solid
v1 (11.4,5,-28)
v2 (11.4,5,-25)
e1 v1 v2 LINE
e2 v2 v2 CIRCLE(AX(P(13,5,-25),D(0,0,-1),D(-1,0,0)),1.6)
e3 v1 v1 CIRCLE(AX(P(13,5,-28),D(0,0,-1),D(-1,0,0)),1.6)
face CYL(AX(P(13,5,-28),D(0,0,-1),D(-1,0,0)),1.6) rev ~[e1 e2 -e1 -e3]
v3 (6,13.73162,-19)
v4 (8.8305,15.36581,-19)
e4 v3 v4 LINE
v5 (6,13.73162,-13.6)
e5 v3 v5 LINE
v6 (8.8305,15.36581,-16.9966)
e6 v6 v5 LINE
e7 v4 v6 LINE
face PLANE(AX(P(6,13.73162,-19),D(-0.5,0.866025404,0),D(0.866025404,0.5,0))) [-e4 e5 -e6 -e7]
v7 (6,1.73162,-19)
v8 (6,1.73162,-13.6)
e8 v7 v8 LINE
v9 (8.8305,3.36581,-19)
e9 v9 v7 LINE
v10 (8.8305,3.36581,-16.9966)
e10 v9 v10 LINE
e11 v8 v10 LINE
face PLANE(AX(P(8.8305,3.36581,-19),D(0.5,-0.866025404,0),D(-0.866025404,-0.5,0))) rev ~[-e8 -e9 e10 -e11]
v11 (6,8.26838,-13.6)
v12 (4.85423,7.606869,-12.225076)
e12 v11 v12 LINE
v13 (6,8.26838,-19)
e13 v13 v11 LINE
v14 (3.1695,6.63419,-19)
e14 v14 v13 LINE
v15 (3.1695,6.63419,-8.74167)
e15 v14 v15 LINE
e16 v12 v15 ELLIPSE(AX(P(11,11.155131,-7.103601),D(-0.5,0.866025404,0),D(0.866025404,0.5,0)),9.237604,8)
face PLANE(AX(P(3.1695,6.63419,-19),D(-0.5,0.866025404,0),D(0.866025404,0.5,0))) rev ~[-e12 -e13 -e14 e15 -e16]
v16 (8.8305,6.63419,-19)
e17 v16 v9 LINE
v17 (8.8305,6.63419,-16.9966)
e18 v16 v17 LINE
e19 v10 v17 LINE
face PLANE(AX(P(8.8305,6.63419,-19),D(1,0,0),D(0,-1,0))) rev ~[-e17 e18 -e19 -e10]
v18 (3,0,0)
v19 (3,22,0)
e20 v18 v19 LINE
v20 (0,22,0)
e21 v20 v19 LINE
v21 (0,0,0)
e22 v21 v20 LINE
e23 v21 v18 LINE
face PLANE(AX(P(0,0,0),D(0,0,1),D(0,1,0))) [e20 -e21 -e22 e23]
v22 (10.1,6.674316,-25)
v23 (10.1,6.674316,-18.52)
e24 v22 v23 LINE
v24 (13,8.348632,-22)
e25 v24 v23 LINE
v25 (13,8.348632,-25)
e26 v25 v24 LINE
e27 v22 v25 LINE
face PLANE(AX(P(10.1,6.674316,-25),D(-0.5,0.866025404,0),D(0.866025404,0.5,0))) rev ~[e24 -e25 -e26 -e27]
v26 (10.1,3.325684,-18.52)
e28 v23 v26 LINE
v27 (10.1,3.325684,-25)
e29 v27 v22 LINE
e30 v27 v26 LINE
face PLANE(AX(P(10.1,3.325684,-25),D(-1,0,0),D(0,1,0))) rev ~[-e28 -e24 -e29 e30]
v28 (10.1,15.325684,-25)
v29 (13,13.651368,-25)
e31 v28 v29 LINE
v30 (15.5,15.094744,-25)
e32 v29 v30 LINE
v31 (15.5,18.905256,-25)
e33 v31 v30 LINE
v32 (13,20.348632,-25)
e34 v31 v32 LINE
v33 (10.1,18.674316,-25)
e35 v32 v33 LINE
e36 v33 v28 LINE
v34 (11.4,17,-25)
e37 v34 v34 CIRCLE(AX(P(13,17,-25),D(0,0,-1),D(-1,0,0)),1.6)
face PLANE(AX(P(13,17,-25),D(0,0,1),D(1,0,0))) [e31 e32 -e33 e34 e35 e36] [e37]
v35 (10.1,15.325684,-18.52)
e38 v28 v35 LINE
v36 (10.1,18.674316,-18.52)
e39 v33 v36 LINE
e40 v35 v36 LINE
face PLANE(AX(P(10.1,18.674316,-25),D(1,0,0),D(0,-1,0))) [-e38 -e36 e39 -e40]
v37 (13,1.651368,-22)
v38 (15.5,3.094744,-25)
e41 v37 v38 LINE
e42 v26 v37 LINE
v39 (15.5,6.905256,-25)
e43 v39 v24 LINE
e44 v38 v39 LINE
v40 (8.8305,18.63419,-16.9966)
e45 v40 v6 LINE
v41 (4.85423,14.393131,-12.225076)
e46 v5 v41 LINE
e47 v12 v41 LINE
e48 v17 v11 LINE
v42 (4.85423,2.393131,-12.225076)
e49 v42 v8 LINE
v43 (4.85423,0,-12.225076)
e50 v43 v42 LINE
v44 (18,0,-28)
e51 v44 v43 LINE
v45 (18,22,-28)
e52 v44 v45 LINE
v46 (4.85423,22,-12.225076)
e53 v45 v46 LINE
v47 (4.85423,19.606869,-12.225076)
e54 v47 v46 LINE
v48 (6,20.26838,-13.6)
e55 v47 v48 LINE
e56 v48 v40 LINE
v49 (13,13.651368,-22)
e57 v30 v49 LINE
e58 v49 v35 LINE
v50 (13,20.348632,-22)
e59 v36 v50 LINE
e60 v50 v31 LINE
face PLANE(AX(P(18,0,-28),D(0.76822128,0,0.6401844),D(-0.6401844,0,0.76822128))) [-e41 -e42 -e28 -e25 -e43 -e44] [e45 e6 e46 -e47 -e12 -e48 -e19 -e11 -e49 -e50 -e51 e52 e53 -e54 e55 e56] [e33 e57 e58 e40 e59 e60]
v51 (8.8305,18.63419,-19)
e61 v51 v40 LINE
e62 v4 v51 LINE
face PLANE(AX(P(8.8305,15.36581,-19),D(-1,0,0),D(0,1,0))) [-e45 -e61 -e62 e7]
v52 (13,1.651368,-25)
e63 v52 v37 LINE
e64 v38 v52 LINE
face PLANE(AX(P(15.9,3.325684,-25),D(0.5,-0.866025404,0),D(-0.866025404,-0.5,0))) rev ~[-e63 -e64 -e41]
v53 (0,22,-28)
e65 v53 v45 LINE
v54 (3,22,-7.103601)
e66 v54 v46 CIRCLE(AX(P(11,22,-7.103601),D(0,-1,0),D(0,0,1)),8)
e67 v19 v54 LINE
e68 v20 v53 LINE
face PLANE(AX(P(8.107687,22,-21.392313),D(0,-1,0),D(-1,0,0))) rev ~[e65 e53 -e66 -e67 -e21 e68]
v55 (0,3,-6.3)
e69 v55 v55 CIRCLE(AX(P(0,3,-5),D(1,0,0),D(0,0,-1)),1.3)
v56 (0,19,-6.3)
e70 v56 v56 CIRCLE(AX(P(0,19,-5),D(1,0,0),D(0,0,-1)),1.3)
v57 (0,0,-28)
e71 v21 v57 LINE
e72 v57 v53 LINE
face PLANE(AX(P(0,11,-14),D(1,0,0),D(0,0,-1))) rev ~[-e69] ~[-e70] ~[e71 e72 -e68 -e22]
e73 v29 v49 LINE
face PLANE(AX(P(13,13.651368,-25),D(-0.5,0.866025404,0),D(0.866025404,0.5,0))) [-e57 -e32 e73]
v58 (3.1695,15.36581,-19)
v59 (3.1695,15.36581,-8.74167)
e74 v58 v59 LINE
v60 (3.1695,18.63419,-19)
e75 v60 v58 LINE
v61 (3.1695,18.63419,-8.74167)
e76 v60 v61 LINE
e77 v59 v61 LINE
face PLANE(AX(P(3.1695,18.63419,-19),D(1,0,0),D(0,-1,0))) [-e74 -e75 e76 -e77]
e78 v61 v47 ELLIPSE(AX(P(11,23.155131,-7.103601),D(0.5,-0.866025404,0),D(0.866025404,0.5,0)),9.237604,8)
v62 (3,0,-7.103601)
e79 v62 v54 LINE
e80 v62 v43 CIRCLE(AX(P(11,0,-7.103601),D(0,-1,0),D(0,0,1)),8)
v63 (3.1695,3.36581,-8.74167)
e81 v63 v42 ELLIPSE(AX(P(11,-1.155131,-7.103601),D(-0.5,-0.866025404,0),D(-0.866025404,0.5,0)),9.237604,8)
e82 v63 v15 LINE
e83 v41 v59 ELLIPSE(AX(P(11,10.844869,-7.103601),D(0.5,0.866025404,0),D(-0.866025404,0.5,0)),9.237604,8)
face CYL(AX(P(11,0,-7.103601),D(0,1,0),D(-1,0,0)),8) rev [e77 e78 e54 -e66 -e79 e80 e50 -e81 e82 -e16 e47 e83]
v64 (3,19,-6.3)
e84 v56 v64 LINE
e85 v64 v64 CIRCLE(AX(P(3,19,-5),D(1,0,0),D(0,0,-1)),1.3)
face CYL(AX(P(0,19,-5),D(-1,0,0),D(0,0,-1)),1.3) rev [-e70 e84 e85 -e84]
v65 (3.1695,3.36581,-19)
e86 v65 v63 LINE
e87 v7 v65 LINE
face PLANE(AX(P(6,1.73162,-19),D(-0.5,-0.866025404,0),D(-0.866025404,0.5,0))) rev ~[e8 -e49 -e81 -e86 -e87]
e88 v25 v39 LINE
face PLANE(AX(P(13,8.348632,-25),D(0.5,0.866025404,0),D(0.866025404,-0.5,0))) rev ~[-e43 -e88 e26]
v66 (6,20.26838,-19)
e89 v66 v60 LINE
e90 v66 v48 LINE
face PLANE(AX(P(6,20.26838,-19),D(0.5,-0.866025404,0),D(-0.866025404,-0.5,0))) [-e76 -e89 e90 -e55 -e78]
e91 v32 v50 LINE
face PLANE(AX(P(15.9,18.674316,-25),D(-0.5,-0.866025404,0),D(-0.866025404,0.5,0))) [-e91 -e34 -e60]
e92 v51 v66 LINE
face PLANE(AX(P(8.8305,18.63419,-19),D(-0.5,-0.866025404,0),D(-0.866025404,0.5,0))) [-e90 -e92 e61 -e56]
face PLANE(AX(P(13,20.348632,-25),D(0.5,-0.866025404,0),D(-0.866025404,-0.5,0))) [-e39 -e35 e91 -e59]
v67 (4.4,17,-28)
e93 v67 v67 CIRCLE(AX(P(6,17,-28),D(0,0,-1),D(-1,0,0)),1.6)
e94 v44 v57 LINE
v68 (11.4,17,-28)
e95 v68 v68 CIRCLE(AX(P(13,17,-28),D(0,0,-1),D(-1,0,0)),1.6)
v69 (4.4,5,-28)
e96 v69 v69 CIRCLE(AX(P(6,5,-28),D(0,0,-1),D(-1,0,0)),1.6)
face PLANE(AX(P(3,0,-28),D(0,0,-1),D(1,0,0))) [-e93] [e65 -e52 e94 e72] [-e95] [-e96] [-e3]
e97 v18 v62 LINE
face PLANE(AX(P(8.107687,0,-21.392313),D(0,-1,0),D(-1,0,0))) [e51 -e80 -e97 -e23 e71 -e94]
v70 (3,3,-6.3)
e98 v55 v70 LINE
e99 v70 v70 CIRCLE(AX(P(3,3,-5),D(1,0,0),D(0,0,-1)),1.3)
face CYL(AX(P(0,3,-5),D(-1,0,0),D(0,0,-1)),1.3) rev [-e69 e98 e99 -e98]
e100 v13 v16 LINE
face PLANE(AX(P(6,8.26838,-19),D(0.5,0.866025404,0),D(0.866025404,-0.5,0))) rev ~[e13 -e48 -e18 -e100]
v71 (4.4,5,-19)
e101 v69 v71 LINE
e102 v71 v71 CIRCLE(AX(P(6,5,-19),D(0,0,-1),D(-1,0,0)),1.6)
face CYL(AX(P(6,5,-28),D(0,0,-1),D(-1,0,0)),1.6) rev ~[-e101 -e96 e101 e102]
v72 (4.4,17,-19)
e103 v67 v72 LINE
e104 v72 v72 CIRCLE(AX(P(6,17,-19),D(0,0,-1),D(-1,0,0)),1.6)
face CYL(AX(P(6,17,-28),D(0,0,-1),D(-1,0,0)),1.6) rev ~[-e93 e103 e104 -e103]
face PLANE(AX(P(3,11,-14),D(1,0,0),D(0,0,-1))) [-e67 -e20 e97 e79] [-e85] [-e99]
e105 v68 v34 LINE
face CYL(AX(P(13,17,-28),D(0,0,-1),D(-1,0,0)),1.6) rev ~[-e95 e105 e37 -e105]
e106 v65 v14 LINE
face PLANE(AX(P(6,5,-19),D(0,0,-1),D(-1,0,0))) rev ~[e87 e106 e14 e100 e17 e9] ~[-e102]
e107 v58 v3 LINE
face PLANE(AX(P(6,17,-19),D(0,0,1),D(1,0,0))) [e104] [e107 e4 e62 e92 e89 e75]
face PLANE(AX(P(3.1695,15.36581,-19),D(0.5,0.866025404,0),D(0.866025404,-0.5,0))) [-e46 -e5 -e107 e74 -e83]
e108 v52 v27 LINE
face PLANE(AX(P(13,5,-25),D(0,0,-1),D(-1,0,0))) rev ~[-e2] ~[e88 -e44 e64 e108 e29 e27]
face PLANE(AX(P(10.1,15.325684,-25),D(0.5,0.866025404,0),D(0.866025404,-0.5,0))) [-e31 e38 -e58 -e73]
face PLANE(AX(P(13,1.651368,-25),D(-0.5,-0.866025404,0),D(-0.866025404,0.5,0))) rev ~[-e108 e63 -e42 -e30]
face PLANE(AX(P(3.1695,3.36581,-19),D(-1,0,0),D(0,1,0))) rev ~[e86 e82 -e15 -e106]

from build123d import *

# Parameters (mm, degrees)
SKETCH1_W           = 28
SKETCH1_H           = 22
SKETCH1_R           = 1.3
BOSS_EXTRUDE1_DEPTH = 3
BOSS_EXTRUDE3_DEPTH = 22
FILLET1_R           = 8
SKETCH4_R           = 1.6
CUT_EXTRUDE1_DEPTH  = 29
CUT_EXTRUDE2_DEPTH  = 20
CUT_EXTRUDE3_DEPTH  = 26


with BuildPart() as part:
    # Sketch1 → Boss-Extrude1 (new body)
    with BuildSketch(Plane(origin=(0, 0, 0), x_dir=(0, 0, -1), z_dir=(1, 0, 0))):
        with Locations((14, 11)):
            Rectangle(SKETCH1_W, SKETCH1_H)
        with Locations((5, 19)):
            Circle(SKETCH1_R, mode=Mode.SUBTRACT)
        with Locations((5, 3)):
            Circle(SKETCH1_R, mode=Mode.SUBTRACT)
    extrude(amount=BOSS_EXTRUDE1_DEPTH)

    # Sketch3 → Boss-Extrude3 (add)
    with BuildSketch(Plane(origin=(0, 0, 0), x_dir=(1, 0, 0), z_dir=(0, 1, 0))):
        Polygon((3, 28), (18, 28), (3, 10), align=None)
    extrude(amount=BOSS_EXTRUDE3_DEPTH)

    # Fillet1
    fillet1_edges = [part.edges().sort_by_distance(p)[0] for p in [
        (3, 11, -10),
    ]]
    fillet(fillet1_edges, radius=FILLET1_R)

    # Sketch4 → Cut-Extrude1 (cut, through all)
    with BuildSketch(Plane(origin=(0, 0, -28), x_dir=(-1, 0, 0), z_dir=(0, 0, -1))):
        with Locations((-6, 17)):
            Circle(SKETCH4_R)
        with Locations((-6, 5)):
            Circle(SKETCH4_R)
        with Locations((-13, 17)):
            Circle(SKETCH4_R)
        with Locations((-13, 5)):
            Circle(SKETCH4_R)
    extrude(amount=-CUT_EXTRUDE1_DEPTH, mode=Mode.SUBTRACT)

    # Sketch5 → Cut-Extrude2 (cut, through all)
    with BuildSketch(Plane.XY.offset(-19)):
        Polygon((3.169500163, 3.365810157), (3.169500163, 6.634189843), (6, 8.268379685), (8.830499837, 6.634189843), (8.830499837, 3.365810157), (6, 1.731620315), align=None)
        Polygon((3.169500163, 15.365810157), (6, 13.731620315), (8.830499837, 15.365810157), (8.830499837, 18.634189843), (6, 20.268379685), (3.169500163, 18.634189843), align=None)
    extrude(amount=CUT_EXTRUDE2_DEPTH, mode=Mode.SUBTRACT)

    # Sketch6 → Cut-Extrude3 (cut, through all)
    with BuildSketch(Plane.XY.offset(-25)):
        Polygon((10.1, 15.325684219), (13, 13.651368439), (15.9, 15.325684219), (15.9, 18.674315781), (13, 20.348631561), (10.1, 18.674315781), align=None)
        Polygon((10.1, 3.325684219), (10.1, 6.674315781), (13, 8.348631561), (15.9, 6.674315781), (15.9, 3.325684219), (13, 1.651368439), align=None)
    extrude(amount=CUT_EXTRUDE3_DEPTH, mode=Mode.SUBTRACT)


solid = part.part
